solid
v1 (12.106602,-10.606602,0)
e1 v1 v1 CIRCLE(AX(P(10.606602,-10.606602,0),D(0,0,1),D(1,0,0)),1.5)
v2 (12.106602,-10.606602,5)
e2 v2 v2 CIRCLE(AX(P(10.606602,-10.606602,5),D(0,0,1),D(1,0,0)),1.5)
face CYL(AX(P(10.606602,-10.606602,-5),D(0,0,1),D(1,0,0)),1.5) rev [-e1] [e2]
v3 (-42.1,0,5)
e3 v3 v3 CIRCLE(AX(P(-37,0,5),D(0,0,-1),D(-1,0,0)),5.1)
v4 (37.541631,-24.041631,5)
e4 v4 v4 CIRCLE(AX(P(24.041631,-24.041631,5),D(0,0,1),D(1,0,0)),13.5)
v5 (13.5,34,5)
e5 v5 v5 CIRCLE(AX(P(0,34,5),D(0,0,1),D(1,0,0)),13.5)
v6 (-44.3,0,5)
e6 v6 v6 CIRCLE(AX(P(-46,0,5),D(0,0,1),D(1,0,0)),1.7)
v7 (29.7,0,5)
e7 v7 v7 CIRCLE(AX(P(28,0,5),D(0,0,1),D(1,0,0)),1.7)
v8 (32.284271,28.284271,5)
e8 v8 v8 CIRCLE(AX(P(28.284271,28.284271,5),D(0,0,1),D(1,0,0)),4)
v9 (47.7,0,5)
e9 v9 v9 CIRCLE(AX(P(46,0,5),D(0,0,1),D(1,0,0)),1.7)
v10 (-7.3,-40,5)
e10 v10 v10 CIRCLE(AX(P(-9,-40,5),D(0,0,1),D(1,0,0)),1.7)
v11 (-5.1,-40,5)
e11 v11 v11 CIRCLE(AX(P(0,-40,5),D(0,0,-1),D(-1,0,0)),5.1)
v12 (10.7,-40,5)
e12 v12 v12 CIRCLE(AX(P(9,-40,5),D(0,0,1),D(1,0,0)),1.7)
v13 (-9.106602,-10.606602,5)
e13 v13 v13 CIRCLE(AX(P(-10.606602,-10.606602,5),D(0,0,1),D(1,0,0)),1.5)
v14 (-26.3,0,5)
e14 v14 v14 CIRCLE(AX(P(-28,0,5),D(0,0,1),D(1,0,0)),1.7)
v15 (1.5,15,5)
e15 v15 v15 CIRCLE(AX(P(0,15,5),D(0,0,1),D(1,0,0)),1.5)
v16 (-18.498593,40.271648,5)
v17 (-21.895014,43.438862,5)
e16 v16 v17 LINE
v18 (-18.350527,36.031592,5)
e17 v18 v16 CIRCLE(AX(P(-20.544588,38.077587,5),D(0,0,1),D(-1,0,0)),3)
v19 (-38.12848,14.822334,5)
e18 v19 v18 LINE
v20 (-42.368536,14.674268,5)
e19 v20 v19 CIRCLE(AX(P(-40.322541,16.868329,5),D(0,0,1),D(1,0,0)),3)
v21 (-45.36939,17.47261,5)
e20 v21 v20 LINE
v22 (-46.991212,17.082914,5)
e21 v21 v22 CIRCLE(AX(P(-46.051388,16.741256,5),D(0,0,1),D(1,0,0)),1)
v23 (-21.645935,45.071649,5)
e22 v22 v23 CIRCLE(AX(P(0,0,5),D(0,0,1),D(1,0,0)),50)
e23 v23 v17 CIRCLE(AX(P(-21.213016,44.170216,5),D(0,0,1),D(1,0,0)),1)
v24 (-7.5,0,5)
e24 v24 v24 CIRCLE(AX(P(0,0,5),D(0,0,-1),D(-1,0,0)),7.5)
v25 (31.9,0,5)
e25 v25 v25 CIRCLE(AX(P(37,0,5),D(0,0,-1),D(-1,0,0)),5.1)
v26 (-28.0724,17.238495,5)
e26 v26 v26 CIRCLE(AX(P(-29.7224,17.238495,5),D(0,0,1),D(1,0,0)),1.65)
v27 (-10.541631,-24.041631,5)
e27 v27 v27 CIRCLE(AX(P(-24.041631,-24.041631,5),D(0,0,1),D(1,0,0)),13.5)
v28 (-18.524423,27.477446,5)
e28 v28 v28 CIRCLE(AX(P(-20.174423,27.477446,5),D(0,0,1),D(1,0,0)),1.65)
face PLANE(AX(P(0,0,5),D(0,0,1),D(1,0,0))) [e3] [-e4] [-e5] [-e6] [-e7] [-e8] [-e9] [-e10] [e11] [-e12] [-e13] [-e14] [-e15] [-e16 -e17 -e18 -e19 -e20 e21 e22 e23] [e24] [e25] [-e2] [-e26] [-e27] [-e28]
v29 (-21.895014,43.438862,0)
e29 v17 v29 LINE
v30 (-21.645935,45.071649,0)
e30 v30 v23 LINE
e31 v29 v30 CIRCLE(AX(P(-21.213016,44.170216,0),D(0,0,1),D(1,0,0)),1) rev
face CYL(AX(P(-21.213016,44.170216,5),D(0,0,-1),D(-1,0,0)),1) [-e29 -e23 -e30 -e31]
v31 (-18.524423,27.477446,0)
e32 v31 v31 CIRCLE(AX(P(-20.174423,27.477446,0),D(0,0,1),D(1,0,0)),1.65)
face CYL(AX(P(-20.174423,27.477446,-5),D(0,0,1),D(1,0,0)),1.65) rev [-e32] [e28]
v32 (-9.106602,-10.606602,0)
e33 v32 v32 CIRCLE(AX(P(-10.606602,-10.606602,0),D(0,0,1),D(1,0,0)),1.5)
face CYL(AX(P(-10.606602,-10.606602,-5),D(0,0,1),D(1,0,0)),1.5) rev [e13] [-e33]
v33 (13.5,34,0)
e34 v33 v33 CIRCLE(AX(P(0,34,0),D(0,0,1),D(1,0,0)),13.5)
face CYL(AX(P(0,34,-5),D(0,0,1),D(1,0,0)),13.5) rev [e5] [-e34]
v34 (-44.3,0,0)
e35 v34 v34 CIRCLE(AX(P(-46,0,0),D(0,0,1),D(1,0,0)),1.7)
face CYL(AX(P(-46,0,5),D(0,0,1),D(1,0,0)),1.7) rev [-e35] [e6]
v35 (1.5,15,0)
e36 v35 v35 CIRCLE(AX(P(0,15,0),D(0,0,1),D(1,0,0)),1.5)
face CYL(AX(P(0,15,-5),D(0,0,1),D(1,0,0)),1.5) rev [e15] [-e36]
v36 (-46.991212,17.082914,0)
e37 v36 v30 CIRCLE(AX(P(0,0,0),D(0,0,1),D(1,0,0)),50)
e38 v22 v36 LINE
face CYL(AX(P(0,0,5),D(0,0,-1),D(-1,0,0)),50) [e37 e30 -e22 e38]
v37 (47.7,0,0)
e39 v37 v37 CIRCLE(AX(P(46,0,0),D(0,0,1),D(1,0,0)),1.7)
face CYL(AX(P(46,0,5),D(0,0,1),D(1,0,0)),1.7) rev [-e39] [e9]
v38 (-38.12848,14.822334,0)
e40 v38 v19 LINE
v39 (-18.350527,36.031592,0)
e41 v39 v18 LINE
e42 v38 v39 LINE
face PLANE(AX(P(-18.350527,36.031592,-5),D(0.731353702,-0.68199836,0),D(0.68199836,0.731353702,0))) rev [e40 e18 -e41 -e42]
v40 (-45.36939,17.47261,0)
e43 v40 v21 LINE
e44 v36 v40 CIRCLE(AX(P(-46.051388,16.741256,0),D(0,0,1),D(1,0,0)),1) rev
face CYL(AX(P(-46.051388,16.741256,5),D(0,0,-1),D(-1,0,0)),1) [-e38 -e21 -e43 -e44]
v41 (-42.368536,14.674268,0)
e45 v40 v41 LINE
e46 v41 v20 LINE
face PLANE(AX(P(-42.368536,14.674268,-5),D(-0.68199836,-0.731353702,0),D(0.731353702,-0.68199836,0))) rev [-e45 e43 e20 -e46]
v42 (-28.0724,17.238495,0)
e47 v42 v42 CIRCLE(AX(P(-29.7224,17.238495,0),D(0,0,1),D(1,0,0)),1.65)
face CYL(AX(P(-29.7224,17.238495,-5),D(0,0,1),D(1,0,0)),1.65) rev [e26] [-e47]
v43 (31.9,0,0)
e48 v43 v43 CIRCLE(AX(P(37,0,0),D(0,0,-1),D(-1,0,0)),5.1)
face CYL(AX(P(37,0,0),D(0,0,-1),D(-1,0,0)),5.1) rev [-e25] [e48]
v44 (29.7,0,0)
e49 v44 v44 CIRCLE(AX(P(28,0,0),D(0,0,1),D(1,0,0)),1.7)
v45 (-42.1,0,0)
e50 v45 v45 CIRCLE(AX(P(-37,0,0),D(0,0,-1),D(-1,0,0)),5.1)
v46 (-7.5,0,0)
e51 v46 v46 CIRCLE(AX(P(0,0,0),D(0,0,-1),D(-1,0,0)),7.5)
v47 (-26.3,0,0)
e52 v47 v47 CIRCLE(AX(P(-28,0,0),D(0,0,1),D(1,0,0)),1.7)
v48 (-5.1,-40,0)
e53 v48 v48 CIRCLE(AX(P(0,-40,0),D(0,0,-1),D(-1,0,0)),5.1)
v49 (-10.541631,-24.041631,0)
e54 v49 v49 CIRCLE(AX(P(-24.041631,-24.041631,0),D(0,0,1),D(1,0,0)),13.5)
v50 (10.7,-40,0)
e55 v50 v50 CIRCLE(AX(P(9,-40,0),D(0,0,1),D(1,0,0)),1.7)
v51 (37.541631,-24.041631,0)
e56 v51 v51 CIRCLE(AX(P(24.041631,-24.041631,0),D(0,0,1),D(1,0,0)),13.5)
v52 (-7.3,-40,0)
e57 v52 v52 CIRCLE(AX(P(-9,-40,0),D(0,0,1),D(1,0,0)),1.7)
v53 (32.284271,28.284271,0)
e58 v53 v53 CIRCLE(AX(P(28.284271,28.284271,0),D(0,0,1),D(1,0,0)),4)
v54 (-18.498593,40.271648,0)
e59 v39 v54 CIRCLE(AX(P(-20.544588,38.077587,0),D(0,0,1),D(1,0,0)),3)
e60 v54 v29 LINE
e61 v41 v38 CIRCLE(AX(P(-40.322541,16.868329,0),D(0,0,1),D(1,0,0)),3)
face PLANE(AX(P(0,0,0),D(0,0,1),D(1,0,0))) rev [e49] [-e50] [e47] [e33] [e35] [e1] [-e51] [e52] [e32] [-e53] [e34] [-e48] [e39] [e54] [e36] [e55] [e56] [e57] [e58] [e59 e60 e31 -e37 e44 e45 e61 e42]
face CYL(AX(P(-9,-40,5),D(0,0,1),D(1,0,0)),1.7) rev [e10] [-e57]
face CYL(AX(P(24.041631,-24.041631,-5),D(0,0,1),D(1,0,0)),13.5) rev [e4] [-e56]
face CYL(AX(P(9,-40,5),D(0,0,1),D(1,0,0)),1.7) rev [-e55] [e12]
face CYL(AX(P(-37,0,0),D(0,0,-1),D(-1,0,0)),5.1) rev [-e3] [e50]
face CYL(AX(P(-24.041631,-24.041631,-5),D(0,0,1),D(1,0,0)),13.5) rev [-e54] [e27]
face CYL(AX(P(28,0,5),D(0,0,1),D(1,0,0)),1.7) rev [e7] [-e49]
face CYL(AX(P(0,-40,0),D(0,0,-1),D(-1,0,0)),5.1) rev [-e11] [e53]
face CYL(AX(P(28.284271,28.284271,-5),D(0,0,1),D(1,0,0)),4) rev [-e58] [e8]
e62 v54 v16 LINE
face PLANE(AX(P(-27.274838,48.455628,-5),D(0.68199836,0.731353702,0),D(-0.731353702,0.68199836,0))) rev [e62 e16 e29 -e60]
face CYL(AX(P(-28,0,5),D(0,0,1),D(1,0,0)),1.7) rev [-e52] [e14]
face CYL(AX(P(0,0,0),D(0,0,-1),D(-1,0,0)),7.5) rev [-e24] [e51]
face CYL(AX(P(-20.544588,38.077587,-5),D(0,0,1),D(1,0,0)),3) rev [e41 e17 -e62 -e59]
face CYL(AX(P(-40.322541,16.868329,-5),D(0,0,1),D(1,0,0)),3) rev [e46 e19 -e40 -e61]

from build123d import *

# Parameters (mm, degrees)
SKETCH1_R                    = 50
BOSS_EXTRUDE1_DEPTH          = 5
F_15_0_15_DIAMETER_HOLE1_D   = 15
F_10_2_10_2_DIAMETER_HOLE1_D = 10.2
M3_CLEARANCE_HOLE1_D         = 3.4
SKETCH9_R                    = 13.5
SKETCH9_R_2                  = 1.5
CUT_EXTRUDE1_DEPTH           = 10
SKETCH10_R                   = 1.65
CUT_EXTRUDE2_DEPTH           = 10
SKETCH13_R                   = 4
CUT_EXTRUDE6_DEPTH           = 10
FILLET1_R                    = 1


with BuildPart() as part:
    # Sketch1 → Boss-Extrude1 (new body)
    with BuildSketch(Plane.XY):
        Circle(SKETCH1_R)
    extrude(amount=BOSS_EXTRUDE1_DEPTH)

    # Ø15.0 (15) Diameter Hole1 (through all)
    with Locations(Plane(origin=(0, 0, 0), x_dir=(-1, 0, 0), z_dir=(0, 0, -1))):
        with Locations((0, 0)):
            Hole(F_15_0_15_DIAMETER_HOLE1_D / 2)

    # Ø10.2 (10.2) Diameter Hole1 (through all)
    with Locations(Plane(origin=(0, 0, 0), x_dir=(-1, 0, 0), z_dir=(0, 0, -1))):
        with Locations((37, 0), (-37, 0), (0, -40)):
            Hole(F_10_2_10_2_DIAMETER_HOLE1_D / 2)

    # M3 Clearance Hole1 (through all)
    with Locations(Plane.XY.offset(5)):
        with Locations((46, 0), (28, 0), (9, -40), (-9, -40), (-46, 0), (-28, 0)):
            Hole(M3_CLEARANCE_HOLE1_D / 2)

    # Sketch9 → Cut-Extrude1 (cut)
    with BuildSketch(Plane.XY.offset(5)):
        with Locations((24.04163056, -24.04163056)):
            Circle(SKETCH9_R)
        with Locations((10.606601718, -10.606601718)):
            Circle(SKETCH9_R_2)
        with Locations((-24.04163056, -24.04163056)):
            Circle(SKETCH9_R)
        with Locations((-10.606601718, -10.606601718)):
            Circle(SKETCH9_R_2)
        with Locations((0, 34)):
            Circle(SKETCH9_R)
        with Locations((0, 15)):
            Circle(SKETCH9_R_2)
    extrude(amount=-CUT_EXTRUDE1_DEPTH, mode=Mode.SUBTRACT)

    # Sketch10 → Cut-Extrude2 (cut)
    with BuildSketch(Plane.XY.offset(5)):
        with Locations((-20.17442319, 27.477446333)):
            Circle(SKETCH10_R)
        with Locations((-29.722400231, 17.23849451)):
            Circle(SKETCH10_R)
        with BuildLine():
            Line((-27.274837591, 48.455628221), (-18.498593172, 40.2716479))
            ThreePointArc((-18.498593172, 40.2716479), (-17.546415771, 38.182285285), (-18.350527147, 36.031591715))
            Line((-18.350527147, 36.031591715), (-38.128479589, 14.822334368))
            ThreePointArc((-38.128479589, 14.822334368), (-40.217842204, 13.870156967), (-42.368535774, 14.674268343))
            Line((-42.368535774, 14.674268343), (-51.144780194, 22.858248664))
            Line((-51.144780194, 22.858248664), (-27.274837591, 48.455628221))
        make_face()
    extrude(amount=-CUT_EXTRUDE2_DEPTH, mode=Mode.SUBTRACT)

    # Sketch13 → Cut-Extrude6 (cut)
    with BuildSketch(Plane.XY.offset(5)):
        with Locations((28.284271247, 28.284271247)):
            Circle(SKETCH13_R)
    extrude(amount=-CUT_EXTRUDE6_DEPTH, mode=Mode.SUBTRACT)

    # Fillet1
    fillet1_edges = [part.edges().sort_by_distance(p)[0] for p in [
        (-22.949421323, 44.422112297, 2.5),
        (-46.456878561, 18.486709669, 2.5),
    ]]
    fillet(fillet1_edges, radius=FILLET1_R)


solid = part.part
